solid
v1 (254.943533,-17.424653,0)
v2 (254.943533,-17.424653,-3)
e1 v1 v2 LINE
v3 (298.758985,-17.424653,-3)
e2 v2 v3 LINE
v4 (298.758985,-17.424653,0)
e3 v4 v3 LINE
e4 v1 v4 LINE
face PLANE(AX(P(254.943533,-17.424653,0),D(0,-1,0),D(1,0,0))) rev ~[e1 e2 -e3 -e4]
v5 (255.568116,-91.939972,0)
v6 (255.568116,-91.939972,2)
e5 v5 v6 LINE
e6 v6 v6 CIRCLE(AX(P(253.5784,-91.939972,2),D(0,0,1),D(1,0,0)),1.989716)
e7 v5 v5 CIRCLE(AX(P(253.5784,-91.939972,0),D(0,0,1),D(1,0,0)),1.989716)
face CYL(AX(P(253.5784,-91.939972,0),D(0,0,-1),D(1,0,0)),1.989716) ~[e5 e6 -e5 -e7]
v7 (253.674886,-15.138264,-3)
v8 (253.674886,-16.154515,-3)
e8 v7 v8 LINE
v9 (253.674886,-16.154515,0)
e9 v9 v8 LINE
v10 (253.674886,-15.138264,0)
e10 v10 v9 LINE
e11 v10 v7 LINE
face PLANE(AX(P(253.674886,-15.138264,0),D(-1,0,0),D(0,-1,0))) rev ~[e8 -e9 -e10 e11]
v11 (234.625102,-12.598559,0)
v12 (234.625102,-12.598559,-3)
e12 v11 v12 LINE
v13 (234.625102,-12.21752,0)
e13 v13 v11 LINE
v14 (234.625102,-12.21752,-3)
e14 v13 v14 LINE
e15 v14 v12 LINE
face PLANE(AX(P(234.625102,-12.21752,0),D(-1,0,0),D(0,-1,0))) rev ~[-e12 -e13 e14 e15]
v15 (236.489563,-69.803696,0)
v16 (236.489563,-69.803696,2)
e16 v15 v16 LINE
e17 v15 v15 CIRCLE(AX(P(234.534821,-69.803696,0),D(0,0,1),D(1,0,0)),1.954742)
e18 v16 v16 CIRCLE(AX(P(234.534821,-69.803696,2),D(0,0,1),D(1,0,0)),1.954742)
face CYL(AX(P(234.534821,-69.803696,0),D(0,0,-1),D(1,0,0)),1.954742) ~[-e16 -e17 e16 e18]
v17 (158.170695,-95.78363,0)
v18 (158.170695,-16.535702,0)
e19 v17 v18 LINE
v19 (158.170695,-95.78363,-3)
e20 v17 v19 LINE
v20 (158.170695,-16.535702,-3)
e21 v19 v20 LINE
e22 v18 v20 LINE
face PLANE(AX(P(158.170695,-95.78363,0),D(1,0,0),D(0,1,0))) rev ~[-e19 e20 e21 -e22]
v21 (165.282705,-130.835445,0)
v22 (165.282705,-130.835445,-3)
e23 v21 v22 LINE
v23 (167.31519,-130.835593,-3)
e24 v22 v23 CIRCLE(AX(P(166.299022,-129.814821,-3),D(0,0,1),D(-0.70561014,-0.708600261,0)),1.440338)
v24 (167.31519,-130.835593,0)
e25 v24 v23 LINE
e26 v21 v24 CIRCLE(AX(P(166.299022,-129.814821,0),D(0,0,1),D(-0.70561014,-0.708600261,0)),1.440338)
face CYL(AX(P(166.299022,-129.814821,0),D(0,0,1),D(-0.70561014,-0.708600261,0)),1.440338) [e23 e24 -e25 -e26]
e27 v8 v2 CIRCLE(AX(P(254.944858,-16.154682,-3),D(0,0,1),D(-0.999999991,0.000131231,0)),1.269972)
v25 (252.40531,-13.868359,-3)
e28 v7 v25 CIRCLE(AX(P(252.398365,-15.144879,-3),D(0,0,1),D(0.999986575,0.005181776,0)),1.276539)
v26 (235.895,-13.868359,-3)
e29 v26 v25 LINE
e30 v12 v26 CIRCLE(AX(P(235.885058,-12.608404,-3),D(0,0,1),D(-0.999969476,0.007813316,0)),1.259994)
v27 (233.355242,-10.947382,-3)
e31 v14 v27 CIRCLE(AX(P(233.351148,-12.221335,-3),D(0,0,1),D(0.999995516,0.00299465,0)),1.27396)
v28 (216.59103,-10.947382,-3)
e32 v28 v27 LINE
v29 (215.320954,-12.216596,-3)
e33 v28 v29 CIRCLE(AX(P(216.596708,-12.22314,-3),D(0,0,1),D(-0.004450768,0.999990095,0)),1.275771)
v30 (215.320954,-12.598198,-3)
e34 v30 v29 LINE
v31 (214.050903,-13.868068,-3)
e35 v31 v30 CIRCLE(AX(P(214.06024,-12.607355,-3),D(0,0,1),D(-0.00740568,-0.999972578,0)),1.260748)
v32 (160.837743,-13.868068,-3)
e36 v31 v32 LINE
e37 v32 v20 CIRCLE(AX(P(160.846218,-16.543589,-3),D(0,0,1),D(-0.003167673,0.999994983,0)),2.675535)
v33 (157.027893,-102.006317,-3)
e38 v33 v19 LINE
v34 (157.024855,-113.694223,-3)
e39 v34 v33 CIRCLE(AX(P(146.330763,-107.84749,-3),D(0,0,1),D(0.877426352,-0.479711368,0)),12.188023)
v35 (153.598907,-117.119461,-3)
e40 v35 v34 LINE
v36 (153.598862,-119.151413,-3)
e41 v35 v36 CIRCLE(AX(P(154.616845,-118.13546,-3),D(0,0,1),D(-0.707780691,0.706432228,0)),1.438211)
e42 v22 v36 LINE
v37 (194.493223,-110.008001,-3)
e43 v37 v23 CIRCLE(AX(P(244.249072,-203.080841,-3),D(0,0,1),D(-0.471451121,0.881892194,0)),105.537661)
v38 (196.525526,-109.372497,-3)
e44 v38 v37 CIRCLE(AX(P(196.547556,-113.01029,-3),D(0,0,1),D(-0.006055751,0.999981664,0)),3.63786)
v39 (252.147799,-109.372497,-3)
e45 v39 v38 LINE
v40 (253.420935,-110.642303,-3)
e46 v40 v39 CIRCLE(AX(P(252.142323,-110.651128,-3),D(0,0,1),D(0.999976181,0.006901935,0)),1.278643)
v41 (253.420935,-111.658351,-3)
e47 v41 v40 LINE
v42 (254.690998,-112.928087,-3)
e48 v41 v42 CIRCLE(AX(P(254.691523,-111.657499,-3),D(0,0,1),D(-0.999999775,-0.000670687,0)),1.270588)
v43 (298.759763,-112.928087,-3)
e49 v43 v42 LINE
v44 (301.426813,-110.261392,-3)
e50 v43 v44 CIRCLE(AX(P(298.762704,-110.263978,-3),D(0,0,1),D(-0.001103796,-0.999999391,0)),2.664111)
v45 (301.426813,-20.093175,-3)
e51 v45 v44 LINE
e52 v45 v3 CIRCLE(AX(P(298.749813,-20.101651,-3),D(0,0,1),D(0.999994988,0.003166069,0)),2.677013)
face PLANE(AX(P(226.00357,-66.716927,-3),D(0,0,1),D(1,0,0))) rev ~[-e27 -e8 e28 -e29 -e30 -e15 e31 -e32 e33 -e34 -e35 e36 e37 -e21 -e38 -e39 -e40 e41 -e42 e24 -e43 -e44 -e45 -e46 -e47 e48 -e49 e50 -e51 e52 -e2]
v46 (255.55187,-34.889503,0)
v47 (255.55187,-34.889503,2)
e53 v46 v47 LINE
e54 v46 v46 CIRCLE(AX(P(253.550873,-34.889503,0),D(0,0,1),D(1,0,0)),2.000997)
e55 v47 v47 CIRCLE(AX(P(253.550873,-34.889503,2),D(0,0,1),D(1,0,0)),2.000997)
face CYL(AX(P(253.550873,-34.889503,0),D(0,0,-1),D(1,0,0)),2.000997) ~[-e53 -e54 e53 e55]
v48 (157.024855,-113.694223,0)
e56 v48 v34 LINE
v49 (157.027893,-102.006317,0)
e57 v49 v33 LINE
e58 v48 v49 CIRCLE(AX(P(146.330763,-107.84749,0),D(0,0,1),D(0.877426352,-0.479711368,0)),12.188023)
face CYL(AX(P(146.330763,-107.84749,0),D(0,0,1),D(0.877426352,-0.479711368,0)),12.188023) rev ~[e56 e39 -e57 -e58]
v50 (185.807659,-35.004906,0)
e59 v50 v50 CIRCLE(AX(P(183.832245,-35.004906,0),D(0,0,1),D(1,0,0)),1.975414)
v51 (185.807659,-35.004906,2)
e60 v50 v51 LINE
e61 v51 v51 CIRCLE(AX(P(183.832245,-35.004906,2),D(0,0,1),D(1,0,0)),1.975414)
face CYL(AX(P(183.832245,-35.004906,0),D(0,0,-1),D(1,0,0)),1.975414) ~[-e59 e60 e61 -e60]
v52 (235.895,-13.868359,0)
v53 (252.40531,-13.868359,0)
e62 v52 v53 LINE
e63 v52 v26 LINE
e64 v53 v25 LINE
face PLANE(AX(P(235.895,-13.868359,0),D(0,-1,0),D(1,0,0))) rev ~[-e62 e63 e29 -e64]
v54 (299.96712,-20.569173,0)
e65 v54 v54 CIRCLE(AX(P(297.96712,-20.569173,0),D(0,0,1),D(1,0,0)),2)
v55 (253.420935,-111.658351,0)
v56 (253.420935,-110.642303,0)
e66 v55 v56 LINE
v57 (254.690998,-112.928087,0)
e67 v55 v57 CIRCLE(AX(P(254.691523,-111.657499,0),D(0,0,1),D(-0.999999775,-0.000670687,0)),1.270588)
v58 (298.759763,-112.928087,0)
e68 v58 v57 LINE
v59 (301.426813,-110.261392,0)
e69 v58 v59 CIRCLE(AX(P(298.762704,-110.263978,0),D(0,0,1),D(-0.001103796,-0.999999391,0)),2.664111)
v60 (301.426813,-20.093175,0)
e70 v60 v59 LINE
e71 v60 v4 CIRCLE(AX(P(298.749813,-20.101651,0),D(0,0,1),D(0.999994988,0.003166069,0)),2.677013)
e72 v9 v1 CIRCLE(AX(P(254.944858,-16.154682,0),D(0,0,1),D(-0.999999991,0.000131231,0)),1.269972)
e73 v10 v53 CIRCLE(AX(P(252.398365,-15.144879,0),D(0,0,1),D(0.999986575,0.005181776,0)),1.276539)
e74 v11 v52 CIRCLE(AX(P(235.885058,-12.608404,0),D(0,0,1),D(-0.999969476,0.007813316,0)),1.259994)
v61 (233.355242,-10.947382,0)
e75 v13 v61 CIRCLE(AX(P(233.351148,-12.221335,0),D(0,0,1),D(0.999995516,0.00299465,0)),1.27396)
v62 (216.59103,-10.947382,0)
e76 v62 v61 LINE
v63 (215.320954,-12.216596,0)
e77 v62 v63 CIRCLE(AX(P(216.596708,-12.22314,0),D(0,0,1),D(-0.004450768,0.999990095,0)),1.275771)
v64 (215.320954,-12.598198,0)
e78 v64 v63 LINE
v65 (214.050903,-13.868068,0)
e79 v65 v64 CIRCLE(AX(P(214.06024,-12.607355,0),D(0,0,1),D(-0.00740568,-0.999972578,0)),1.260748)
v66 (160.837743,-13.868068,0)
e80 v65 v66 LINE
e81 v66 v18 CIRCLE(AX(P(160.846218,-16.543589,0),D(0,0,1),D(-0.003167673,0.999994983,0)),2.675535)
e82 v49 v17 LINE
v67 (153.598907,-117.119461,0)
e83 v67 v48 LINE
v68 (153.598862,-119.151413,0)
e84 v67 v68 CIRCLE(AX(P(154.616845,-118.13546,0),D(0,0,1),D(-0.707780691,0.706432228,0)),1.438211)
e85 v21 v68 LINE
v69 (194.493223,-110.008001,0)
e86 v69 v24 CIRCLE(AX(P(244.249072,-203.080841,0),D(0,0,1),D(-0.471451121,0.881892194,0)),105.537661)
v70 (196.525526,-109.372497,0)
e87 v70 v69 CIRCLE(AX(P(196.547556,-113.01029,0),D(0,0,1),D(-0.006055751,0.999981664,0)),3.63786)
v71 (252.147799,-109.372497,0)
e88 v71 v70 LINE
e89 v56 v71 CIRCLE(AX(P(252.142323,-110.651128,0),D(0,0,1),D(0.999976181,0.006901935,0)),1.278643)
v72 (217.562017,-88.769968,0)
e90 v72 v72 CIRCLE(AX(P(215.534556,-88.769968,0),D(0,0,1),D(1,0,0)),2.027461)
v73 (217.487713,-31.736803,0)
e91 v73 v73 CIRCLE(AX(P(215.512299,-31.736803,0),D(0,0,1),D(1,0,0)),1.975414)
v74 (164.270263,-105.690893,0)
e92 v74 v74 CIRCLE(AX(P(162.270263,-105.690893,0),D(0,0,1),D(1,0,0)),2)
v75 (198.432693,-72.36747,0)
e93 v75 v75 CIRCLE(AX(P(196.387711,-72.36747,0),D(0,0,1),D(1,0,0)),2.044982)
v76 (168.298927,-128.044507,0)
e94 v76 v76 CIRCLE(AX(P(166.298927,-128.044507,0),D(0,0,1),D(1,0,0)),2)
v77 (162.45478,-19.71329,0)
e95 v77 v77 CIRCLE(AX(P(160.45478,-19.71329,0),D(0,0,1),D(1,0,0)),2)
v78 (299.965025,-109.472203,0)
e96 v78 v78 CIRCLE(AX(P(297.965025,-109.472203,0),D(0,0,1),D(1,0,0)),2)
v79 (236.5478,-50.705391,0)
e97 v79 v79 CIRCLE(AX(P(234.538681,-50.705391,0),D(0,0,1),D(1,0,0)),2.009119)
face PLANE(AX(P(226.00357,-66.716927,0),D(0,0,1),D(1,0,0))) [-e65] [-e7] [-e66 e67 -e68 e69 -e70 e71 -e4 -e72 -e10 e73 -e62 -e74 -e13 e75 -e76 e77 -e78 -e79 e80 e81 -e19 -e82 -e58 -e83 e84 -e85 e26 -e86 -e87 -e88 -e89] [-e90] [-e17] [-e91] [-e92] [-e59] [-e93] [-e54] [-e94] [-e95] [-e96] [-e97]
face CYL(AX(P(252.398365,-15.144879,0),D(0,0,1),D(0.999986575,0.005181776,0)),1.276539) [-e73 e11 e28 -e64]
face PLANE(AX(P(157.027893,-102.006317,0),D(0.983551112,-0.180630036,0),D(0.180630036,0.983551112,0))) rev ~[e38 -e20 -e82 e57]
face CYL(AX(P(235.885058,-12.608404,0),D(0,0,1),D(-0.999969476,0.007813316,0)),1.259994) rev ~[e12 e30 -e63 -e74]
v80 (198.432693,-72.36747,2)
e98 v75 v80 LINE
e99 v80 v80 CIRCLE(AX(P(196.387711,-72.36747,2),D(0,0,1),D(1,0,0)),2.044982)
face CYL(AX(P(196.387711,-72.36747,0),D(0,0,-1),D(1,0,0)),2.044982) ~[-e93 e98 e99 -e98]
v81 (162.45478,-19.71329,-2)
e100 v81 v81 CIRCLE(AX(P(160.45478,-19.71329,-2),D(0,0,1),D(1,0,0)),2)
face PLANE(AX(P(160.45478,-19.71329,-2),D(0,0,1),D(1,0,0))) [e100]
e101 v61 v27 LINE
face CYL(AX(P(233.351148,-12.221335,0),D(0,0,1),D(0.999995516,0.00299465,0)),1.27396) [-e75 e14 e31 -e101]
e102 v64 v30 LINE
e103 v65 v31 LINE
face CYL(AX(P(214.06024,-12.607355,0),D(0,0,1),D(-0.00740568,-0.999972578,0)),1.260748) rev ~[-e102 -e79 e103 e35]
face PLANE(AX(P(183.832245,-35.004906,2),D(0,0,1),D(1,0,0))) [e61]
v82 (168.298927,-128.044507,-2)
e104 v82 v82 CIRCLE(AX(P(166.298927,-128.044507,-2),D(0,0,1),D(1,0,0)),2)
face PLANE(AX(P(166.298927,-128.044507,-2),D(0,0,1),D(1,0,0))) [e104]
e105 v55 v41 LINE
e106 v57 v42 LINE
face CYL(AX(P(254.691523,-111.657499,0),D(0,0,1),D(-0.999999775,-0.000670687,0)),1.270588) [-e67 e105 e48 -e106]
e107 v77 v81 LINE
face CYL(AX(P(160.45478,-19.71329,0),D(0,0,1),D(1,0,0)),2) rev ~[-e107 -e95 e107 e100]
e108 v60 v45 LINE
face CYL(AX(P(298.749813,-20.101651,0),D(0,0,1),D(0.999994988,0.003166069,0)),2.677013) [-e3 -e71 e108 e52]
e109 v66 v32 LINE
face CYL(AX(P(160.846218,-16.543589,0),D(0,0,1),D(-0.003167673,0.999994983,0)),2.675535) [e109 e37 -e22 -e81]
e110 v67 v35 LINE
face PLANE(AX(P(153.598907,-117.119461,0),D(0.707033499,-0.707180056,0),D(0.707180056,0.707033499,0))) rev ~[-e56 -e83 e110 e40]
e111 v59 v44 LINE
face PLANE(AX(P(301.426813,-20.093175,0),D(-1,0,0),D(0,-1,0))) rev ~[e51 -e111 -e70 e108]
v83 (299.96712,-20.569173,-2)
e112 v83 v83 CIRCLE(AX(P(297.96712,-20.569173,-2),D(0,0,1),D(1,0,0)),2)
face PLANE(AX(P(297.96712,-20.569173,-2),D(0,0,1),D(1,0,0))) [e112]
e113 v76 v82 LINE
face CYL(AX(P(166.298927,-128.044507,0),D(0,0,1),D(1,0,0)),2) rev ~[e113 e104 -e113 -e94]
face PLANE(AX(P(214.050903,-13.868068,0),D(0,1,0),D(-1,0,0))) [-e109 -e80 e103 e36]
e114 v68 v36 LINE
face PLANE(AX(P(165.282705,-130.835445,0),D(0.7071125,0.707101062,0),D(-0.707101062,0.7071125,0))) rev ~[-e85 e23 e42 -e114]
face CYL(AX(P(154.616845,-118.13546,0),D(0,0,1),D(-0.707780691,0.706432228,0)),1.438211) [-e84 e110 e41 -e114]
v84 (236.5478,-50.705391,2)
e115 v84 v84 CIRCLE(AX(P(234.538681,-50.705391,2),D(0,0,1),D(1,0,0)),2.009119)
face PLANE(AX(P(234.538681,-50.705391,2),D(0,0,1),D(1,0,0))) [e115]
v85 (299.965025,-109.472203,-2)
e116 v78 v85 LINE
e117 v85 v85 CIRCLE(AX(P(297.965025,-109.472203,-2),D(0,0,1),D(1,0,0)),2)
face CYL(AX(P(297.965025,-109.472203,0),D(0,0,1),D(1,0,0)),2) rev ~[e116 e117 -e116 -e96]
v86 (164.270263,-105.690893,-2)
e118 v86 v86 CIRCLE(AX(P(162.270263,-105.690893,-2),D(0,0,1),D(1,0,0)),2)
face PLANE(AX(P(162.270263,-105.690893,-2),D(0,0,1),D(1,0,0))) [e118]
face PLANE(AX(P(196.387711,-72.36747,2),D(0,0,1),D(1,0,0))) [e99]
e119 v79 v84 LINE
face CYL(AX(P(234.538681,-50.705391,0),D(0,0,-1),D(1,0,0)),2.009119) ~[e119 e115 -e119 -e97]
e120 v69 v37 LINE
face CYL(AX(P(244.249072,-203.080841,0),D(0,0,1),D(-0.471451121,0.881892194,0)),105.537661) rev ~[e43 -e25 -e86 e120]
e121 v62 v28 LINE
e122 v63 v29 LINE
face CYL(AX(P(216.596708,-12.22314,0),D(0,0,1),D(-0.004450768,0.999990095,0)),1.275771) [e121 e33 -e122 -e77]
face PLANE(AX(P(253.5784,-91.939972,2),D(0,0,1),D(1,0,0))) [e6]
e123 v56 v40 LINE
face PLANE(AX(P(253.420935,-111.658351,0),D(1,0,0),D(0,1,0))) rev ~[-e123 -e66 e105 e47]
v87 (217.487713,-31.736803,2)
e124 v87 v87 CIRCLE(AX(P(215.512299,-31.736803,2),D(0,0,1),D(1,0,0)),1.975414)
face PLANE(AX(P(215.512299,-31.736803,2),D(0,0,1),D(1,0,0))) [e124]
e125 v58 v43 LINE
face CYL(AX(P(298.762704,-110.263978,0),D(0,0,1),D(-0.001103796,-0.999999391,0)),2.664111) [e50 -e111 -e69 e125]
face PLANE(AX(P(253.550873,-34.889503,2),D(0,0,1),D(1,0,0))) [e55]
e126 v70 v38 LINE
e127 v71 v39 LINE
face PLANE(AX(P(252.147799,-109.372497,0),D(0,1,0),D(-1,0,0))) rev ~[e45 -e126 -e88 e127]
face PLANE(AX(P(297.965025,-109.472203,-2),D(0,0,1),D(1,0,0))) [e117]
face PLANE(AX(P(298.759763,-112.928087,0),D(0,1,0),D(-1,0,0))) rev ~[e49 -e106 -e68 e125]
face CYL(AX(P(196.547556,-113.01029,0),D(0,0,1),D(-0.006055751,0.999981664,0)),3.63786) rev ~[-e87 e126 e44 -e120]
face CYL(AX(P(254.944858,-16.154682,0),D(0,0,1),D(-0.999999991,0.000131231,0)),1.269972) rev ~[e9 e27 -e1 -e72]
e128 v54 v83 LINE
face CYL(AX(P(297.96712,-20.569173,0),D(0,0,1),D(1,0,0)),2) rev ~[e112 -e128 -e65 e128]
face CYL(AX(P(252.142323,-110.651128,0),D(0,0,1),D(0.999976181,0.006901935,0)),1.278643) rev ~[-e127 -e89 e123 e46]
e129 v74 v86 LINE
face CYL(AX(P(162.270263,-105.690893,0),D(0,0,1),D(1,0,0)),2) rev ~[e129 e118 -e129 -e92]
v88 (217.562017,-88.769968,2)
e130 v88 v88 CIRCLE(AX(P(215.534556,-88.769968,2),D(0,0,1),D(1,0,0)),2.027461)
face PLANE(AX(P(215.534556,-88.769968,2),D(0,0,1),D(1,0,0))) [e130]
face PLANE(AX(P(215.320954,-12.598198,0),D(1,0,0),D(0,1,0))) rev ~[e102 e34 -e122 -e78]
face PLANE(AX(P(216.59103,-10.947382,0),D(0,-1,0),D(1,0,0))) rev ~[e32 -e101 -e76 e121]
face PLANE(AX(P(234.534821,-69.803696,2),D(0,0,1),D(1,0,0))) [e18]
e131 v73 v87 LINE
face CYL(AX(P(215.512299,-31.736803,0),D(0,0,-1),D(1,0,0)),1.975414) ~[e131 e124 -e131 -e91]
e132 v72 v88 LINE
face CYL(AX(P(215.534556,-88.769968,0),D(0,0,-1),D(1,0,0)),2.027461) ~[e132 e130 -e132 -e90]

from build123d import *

# Parameters (mm, degrees)
PAD001_DEPTH  = 3
SKETCH014_R   = 2.000997
SKETCH014_R_2 = 1.989716
SKETCH014_R_3 = 2.044982
SKETCH014_R_4 = 1.975414
SKETCH014_R_5 = 2.027461
SKETCH014_R_6 = 1.954742
SKETCH014_R_7 = 2.009119
PAD013_DEPTH  = 2
SKETCH015_R   = 2
POCKET_DEPTH  = 2


with BuildPart() as part:
    # Sketch002 → Pad001 (new body)
    with BuildSketch(Plane.XY):
        with BuildLine():
            Line((158.170695, -17.490656), (158.170695, -16.535702))
            ThreePointArc((160.837743, -13.868068), (158.954121, -14.651909), (158.170695, -16.535702))
            Line((161.975632, -13.868068), (160.837743, -13.868068))
            Line((161.975632, -13.868068), (214.050903, -13.868068))
            ThreePointArc((214.050903, -13.868068), (214.951659, -13.498902), (215.320954, -12.598198))
            Line((215.320954, -12.598198), (215.320954, -12.216596))
            ThreePointArc((216.59103, -10.947382), (215.694908, -11.320728), (215.320954, -12.216596))
            Line((216.59103, -10.947382), (218.273682, -10.947382))
            Line((218.273682, -10.947382), (233.355242, -10.947382))
            ThreePointArc((234.625102, -12.21752), (234.252072, -11.320608), (233.355242, -10.947382))
            Line((234.625102, -12.21752), (234.625102, -12.598559))
            ThreePointArc((234.625102, -12.598559), (234.994142, -13.499389), (235.895, -13.868359))
            Line((235.895, -13.868359), (238.271805, -13.868359))
            Line((238.271805, -13.868359), (252.40531, -13.868359))
            ThreePointArc((253.674886, -15.138264), (253.301131, -14.242347), (252.40531, -13.868359))
            Line((253.674886, -15.138264), (253.674886, -16.154515))
            ThreePointArc((253.674886, -16.154515), (254.046325, -17.05216), (254.943533, -17.424653))
            Line((254.943533, -17.424653), (298.758985, -17.424653))
            ThreePointArc((301.426813, -20.093175), (300.642993, -18.208962), (298.758985, -17.424653))
            Line((301.426813, -20.093175), (301.426813, -110.261392))
            ThreePointArc((298.759763, -112.928087), (300.646389, -112.147914), (301.426813, -110.261392))
            Line((298.759763, -112.928087), (296.766937, -112.928087))
            Line((296.766937, -112.928087), (254.690998, -112.928087))
            ThreePointArc((253.420935, -111.658351), (253.793197, -112.556056), (254.690998, -112.928087))
            Line((253.420935, -111.658351), (253.420935, -110.642303))
            ThreePointArc((253.420935, -110.642303), (253.045275, -109.745808), (252.147799, -109.372497))
            Line((252.147799, -109.372497), (196.525526, -109.372497))
            ThreePointArc((196.525526, -109.372497), (195.461836, -109.538225), (194.493223, -110.008001))
            ThreePointArc((194.493223, -110.008001), (180.053907, -119.312238), (167.31519, -130.835593))
            ThreePointArc((165.282705, -130.835445), (166.298917, -131.255159), (167.31519, -130.835593))
            Line((165.282705, -130.835445), (153.598862, -119.151413))
            ThreePointArc((153.598907, -117.119461), (153.178634, -118.135428), (153.598862, -119.151413))
            Line((153.598907, -117.119461), (157.024855, -113.694223))
            ThreePointArc((157.024855, -113.694223), (158.518785, -107.850658), (157.027893, -102.006317))
            Line((157.027893, -102.006317), (158.170695, -95.78363))
            Line((158.170695, -95.78363), (158.170695, -17.490656))
        make_face()
    extrude(amount=-PAD001_DEPTH)

    # Sketch014 → Pad013 (join)
    with BuildSketch(Plane.XY):
        with Locations((253.550873, -34.889503)):
            Circle(SKETCH014_R)
        with Locations((253.5784, -91.939972)):
            Circle(SKETCH014_R_2)
        with Locations((196.387711, -72.36747)):
            Circle(SKETCH014_R_3)
        with Locations((215.512299, -31.736803)):
            Circle(SKETCH014_R_4)
        with Locations((215.534556, -88.769968)):
            Circle(SKETCH014_R_5)
        with Locations((234.534821, -69.803696)):
            Circle(SKETCH014_R_6)
        with Locations((234.538681, -50.705391)):
            Circle(SKETCH014_R_7)
        with Locations((183.832245, -35.004906)):
            Circle(SKETCH014_R_4)
    extrude(amount=PAD013_DEPTH)

    # Sketch015 (on Face37 of Pad001) → Pocket (cut)
    with BuildSketch(Plane.XY):
        with Locations((166.298927, -128.044507)):
            Circle(SKETCH015_R)
        with Locations((297.965025, -109.472203)):
            Circle(SKETCH015_R)
        with Locations((160.45478, -19.71329)):
            Circle(SKETCH015_R)
        with Locations((297.96712, -20.569173)):
            Circle(SKETCH015_R)
        with Locations((162.270263, -105.690893)):
            Circle(SKETCH015_R)
    extrude(amount=-POCKET_DEPTH, mode=Mode.SUBTRACT)


solid = part.part
